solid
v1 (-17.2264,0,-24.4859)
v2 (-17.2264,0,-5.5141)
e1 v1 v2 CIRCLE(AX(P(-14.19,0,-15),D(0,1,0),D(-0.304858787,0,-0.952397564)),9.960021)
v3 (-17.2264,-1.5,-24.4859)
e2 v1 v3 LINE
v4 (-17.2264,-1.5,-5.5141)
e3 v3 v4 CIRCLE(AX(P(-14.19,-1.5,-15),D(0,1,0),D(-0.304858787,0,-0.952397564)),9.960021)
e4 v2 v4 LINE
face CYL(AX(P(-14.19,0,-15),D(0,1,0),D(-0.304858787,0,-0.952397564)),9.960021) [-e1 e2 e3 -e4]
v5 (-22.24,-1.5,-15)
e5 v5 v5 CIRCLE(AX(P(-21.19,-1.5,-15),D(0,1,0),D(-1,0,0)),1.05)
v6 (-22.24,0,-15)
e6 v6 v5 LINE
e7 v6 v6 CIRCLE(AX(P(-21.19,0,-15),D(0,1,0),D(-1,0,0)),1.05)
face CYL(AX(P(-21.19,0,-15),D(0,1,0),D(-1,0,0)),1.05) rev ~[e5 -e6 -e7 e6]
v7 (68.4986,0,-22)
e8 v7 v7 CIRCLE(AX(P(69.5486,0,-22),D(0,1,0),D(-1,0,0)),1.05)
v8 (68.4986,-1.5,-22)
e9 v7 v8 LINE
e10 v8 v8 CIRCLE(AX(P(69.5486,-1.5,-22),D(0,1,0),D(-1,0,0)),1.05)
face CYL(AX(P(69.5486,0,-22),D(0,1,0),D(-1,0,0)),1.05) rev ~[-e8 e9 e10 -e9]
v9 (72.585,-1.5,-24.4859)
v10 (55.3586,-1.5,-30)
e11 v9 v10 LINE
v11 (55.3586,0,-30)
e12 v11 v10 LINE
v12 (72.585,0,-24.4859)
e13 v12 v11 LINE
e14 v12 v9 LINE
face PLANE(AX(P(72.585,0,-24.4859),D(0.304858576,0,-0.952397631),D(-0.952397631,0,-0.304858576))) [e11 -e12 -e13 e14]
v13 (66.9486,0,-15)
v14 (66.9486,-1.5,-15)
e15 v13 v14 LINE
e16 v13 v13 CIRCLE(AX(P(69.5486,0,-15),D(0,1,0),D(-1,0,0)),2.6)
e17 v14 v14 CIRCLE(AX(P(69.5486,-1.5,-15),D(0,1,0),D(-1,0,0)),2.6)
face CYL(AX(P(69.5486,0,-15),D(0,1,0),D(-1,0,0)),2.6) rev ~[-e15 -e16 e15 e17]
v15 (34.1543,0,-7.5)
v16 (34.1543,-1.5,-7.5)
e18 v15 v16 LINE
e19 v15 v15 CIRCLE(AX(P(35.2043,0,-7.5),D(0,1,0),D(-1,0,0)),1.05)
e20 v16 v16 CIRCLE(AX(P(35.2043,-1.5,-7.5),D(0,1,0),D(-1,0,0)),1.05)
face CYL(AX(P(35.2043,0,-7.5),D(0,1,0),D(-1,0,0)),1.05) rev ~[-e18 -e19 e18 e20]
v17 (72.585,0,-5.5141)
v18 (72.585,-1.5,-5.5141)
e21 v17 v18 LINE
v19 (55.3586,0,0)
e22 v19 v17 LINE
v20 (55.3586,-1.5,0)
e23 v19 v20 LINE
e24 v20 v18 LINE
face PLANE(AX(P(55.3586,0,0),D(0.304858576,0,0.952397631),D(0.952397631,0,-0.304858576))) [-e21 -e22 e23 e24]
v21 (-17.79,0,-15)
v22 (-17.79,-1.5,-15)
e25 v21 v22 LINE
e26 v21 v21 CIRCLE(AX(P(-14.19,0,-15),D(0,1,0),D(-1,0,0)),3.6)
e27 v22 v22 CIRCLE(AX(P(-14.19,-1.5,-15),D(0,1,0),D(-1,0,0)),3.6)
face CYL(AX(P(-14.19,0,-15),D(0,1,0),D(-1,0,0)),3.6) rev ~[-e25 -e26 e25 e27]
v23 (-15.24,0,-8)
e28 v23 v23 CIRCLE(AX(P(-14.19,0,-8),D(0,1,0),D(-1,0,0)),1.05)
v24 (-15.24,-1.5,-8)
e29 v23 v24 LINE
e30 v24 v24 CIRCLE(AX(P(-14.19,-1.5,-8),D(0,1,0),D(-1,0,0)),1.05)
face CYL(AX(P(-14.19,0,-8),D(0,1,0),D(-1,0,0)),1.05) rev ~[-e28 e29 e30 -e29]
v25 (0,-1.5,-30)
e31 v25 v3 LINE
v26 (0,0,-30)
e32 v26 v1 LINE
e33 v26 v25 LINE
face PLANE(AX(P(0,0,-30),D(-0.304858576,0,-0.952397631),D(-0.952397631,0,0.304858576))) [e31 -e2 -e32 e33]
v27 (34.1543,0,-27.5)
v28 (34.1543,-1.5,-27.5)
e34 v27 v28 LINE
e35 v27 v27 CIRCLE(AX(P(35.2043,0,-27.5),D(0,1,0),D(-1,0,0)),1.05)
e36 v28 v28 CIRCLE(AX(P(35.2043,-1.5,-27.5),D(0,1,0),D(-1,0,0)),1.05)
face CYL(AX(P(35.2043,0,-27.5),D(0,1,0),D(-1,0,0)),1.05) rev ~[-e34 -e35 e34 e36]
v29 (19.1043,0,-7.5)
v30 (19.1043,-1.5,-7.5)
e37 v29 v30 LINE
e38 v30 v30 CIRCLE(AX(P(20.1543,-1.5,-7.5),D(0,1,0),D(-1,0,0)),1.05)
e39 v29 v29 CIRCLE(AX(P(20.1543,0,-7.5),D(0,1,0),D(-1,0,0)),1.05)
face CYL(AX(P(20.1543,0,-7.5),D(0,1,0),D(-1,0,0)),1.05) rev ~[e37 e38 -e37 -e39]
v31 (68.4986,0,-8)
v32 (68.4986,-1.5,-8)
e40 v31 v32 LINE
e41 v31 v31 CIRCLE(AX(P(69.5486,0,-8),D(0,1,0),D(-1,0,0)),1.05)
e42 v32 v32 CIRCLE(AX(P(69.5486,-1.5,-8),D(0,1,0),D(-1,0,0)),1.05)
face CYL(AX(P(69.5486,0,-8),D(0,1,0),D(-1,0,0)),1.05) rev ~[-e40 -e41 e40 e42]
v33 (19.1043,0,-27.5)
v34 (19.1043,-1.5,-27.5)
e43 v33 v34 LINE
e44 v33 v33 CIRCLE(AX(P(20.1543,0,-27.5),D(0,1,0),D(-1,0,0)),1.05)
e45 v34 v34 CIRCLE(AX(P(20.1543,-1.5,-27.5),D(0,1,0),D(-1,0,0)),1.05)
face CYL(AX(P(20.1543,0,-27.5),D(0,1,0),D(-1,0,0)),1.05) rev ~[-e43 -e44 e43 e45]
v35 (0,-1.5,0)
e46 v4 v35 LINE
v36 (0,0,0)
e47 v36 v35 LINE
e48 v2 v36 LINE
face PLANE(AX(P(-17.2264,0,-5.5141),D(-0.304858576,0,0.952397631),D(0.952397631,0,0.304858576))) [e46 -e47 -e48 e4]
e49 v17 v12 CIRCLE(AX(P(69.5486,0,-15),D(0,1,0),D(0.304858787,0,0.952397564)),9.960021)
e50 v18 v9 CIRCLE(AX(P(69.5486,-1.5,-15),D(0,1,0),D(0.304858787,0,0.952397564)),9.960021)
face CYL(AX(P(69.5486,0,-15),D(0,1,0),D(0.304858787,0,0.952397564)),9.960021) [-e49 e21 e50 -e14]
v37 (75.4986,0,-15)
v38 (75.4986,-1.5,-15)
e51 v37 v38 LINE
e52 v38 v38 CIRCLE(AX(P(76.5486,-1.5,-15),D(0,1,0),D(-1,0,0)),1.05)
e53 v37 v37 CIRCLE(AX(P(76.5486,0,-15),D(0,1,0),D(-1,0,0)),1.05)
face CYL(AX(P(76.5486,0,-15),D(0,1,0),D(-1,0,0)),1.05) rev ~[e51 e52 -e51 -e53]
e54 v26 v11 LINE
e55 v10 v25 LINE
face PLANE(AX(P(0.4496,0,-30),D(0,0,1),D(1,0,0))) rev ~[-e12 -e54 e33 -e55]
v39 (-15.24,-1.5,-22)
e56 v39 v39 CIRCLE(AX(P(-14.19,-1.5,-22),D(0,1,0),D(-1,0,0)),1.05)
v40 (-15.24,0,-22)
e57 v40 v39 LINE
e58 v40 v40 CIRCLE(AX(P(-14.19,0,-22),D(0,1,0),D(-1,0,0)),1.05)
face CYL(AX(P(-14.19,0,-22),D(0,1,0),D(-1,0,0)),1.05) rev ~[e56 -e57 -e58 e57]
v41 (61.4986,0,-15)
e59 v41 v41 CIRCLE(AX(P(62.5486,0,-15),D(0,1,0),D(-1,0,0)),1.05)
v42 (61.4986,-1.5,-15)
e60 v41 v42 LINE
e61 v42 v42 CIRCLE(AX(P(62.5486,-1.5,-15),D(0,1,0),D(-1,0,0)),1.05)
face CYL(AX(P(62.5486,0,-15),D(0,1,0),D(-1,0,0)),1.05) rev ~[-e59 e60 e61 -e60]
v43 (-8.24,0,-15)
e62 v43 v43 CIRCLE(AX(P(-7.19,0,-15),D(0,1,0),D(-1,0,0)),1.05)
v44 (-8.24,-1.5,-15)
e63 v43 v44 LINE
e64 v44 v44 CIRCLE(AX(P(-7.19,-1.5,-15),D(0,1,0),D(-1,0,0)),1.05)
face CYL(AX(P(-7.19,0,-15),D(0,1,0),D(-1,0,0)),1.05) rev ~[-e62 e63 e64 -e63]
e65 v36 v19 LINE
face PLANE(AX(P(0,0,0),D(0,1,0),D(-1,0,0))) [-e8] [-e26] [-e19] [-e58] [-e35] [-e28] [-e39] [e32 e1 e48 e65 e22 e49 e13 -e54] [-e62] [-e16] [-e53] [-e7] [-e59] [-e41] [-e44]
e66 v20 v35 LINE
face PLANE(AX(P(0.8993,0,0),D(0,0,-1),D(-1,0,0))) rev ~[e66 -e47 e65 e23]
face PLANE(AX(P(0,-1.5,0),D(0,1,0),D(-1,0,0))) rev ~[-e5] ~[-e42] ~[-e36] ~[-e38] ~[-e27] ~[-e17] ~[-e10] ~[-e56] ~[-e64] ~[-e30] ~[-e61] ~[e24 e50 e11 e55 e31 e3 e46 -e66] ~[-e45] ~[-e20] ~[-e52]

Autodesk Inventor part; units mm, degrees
ref_plane "YZ Plane" through (0, 0, 0) normal (1, 0, 0) x (0, 1, 0)
ref_plane "XZ Plane" through (0, 0, 0) normal (0, 1, 0) x (-1, 0, 0)
ref_plane "XY Plane" through (0, 0, 0) normal (0, 0, 1) x (1, 0, 0)
sketch "Sketch1" plane through (0, 0, 0) normal (0, 1, 0) x (-1, 0, 0)
  line L0 (-0.4496, -30) -> (-0.4496, 0)
  line L1 (-54.9089, 0) -> (-54.9089, -30)
  circle A0 centre (-20.1543, -27.5) radius 1.05
  circle A1 centre (-20.1543, -7.5) radius 1.05
  circle A2 centre (-35.2043, -27.5) radius 1.05
  circle A3 centre (-35.2043, -7.5) radius 1.05
  circle A4 centre (-69.5486, -15) radius 2.6
  circle A5 centre (14.19, -15) radius 3.6
  circle A6 centre (7.19, -15) radius 1.05
  circle A7 centre (14.19, -22) radius 1.05
  circle A8 centre (21.19, -15) radius 1.05
  circle A9 centre (14.19, -8) radius 1.05
  circle A10 centre (-69.5486, -22) radius 1.05
  circle A11 centre (-62.5486, -15) radius 1.05
  circle A12 centre (-69.5486, -8) radius 1.05
  circle A13 centre (-76.5486, -15) radius 1.05
  line L2 (-72.585, -24.4859) -> (-55.3586, -30)
  line L3 (0, -30) -> (17.2264, -24.4859)
  arc A14 (-72.585, -5.5141) -> (-72.585, -24.4859) centre (-69.5486, -15) ccw
  arc A15 (17.2264, -24.4859) -> (17.2264, -5.5141) centre (14.19, -15) ccw
  line L4 (-55.3586, 0) -> (-72.585, -5.5141)
  line L5 (17.2264, -5.5141) -> (0, 0)
  line L6 (-55.3586, 0) -> (0, 0)
  line L7 (0, -30) -> (-55.3586, -30)
  line L8 (-55.3586, -30) -> (-55.3586, 0)
  line L9 (-54.4593, 0) -> (-54.4593, -30)
  line L10 (-0.8993, -30) -> (-0.8993, 0)
  line L11 (0, 0) -> (0, -30)
extrude "Extrusion1" add sketch "Sketch1" against normal blind 1.5
sketch "Sketch2" plane through (0, 0, 0) normal (0, 1, 0) x (1, 0, 0)
  line L0 (0, 0) -> (0, 30) projected
  line L1 (0.4496, 30) -> (0.4496, 0) projected
  line L2 (0.8993, 30) -> (0.8993, 0) projected
  line L3 (54.4593, 0) -> (54.4593, 30) projected
  line L4 (54.9089, 0) -> (54.9089, 30) projected
  line L5 (55.3586, 30) -> (55.3586, 0) projected
properties part number "axis_14_bottom_frame"
